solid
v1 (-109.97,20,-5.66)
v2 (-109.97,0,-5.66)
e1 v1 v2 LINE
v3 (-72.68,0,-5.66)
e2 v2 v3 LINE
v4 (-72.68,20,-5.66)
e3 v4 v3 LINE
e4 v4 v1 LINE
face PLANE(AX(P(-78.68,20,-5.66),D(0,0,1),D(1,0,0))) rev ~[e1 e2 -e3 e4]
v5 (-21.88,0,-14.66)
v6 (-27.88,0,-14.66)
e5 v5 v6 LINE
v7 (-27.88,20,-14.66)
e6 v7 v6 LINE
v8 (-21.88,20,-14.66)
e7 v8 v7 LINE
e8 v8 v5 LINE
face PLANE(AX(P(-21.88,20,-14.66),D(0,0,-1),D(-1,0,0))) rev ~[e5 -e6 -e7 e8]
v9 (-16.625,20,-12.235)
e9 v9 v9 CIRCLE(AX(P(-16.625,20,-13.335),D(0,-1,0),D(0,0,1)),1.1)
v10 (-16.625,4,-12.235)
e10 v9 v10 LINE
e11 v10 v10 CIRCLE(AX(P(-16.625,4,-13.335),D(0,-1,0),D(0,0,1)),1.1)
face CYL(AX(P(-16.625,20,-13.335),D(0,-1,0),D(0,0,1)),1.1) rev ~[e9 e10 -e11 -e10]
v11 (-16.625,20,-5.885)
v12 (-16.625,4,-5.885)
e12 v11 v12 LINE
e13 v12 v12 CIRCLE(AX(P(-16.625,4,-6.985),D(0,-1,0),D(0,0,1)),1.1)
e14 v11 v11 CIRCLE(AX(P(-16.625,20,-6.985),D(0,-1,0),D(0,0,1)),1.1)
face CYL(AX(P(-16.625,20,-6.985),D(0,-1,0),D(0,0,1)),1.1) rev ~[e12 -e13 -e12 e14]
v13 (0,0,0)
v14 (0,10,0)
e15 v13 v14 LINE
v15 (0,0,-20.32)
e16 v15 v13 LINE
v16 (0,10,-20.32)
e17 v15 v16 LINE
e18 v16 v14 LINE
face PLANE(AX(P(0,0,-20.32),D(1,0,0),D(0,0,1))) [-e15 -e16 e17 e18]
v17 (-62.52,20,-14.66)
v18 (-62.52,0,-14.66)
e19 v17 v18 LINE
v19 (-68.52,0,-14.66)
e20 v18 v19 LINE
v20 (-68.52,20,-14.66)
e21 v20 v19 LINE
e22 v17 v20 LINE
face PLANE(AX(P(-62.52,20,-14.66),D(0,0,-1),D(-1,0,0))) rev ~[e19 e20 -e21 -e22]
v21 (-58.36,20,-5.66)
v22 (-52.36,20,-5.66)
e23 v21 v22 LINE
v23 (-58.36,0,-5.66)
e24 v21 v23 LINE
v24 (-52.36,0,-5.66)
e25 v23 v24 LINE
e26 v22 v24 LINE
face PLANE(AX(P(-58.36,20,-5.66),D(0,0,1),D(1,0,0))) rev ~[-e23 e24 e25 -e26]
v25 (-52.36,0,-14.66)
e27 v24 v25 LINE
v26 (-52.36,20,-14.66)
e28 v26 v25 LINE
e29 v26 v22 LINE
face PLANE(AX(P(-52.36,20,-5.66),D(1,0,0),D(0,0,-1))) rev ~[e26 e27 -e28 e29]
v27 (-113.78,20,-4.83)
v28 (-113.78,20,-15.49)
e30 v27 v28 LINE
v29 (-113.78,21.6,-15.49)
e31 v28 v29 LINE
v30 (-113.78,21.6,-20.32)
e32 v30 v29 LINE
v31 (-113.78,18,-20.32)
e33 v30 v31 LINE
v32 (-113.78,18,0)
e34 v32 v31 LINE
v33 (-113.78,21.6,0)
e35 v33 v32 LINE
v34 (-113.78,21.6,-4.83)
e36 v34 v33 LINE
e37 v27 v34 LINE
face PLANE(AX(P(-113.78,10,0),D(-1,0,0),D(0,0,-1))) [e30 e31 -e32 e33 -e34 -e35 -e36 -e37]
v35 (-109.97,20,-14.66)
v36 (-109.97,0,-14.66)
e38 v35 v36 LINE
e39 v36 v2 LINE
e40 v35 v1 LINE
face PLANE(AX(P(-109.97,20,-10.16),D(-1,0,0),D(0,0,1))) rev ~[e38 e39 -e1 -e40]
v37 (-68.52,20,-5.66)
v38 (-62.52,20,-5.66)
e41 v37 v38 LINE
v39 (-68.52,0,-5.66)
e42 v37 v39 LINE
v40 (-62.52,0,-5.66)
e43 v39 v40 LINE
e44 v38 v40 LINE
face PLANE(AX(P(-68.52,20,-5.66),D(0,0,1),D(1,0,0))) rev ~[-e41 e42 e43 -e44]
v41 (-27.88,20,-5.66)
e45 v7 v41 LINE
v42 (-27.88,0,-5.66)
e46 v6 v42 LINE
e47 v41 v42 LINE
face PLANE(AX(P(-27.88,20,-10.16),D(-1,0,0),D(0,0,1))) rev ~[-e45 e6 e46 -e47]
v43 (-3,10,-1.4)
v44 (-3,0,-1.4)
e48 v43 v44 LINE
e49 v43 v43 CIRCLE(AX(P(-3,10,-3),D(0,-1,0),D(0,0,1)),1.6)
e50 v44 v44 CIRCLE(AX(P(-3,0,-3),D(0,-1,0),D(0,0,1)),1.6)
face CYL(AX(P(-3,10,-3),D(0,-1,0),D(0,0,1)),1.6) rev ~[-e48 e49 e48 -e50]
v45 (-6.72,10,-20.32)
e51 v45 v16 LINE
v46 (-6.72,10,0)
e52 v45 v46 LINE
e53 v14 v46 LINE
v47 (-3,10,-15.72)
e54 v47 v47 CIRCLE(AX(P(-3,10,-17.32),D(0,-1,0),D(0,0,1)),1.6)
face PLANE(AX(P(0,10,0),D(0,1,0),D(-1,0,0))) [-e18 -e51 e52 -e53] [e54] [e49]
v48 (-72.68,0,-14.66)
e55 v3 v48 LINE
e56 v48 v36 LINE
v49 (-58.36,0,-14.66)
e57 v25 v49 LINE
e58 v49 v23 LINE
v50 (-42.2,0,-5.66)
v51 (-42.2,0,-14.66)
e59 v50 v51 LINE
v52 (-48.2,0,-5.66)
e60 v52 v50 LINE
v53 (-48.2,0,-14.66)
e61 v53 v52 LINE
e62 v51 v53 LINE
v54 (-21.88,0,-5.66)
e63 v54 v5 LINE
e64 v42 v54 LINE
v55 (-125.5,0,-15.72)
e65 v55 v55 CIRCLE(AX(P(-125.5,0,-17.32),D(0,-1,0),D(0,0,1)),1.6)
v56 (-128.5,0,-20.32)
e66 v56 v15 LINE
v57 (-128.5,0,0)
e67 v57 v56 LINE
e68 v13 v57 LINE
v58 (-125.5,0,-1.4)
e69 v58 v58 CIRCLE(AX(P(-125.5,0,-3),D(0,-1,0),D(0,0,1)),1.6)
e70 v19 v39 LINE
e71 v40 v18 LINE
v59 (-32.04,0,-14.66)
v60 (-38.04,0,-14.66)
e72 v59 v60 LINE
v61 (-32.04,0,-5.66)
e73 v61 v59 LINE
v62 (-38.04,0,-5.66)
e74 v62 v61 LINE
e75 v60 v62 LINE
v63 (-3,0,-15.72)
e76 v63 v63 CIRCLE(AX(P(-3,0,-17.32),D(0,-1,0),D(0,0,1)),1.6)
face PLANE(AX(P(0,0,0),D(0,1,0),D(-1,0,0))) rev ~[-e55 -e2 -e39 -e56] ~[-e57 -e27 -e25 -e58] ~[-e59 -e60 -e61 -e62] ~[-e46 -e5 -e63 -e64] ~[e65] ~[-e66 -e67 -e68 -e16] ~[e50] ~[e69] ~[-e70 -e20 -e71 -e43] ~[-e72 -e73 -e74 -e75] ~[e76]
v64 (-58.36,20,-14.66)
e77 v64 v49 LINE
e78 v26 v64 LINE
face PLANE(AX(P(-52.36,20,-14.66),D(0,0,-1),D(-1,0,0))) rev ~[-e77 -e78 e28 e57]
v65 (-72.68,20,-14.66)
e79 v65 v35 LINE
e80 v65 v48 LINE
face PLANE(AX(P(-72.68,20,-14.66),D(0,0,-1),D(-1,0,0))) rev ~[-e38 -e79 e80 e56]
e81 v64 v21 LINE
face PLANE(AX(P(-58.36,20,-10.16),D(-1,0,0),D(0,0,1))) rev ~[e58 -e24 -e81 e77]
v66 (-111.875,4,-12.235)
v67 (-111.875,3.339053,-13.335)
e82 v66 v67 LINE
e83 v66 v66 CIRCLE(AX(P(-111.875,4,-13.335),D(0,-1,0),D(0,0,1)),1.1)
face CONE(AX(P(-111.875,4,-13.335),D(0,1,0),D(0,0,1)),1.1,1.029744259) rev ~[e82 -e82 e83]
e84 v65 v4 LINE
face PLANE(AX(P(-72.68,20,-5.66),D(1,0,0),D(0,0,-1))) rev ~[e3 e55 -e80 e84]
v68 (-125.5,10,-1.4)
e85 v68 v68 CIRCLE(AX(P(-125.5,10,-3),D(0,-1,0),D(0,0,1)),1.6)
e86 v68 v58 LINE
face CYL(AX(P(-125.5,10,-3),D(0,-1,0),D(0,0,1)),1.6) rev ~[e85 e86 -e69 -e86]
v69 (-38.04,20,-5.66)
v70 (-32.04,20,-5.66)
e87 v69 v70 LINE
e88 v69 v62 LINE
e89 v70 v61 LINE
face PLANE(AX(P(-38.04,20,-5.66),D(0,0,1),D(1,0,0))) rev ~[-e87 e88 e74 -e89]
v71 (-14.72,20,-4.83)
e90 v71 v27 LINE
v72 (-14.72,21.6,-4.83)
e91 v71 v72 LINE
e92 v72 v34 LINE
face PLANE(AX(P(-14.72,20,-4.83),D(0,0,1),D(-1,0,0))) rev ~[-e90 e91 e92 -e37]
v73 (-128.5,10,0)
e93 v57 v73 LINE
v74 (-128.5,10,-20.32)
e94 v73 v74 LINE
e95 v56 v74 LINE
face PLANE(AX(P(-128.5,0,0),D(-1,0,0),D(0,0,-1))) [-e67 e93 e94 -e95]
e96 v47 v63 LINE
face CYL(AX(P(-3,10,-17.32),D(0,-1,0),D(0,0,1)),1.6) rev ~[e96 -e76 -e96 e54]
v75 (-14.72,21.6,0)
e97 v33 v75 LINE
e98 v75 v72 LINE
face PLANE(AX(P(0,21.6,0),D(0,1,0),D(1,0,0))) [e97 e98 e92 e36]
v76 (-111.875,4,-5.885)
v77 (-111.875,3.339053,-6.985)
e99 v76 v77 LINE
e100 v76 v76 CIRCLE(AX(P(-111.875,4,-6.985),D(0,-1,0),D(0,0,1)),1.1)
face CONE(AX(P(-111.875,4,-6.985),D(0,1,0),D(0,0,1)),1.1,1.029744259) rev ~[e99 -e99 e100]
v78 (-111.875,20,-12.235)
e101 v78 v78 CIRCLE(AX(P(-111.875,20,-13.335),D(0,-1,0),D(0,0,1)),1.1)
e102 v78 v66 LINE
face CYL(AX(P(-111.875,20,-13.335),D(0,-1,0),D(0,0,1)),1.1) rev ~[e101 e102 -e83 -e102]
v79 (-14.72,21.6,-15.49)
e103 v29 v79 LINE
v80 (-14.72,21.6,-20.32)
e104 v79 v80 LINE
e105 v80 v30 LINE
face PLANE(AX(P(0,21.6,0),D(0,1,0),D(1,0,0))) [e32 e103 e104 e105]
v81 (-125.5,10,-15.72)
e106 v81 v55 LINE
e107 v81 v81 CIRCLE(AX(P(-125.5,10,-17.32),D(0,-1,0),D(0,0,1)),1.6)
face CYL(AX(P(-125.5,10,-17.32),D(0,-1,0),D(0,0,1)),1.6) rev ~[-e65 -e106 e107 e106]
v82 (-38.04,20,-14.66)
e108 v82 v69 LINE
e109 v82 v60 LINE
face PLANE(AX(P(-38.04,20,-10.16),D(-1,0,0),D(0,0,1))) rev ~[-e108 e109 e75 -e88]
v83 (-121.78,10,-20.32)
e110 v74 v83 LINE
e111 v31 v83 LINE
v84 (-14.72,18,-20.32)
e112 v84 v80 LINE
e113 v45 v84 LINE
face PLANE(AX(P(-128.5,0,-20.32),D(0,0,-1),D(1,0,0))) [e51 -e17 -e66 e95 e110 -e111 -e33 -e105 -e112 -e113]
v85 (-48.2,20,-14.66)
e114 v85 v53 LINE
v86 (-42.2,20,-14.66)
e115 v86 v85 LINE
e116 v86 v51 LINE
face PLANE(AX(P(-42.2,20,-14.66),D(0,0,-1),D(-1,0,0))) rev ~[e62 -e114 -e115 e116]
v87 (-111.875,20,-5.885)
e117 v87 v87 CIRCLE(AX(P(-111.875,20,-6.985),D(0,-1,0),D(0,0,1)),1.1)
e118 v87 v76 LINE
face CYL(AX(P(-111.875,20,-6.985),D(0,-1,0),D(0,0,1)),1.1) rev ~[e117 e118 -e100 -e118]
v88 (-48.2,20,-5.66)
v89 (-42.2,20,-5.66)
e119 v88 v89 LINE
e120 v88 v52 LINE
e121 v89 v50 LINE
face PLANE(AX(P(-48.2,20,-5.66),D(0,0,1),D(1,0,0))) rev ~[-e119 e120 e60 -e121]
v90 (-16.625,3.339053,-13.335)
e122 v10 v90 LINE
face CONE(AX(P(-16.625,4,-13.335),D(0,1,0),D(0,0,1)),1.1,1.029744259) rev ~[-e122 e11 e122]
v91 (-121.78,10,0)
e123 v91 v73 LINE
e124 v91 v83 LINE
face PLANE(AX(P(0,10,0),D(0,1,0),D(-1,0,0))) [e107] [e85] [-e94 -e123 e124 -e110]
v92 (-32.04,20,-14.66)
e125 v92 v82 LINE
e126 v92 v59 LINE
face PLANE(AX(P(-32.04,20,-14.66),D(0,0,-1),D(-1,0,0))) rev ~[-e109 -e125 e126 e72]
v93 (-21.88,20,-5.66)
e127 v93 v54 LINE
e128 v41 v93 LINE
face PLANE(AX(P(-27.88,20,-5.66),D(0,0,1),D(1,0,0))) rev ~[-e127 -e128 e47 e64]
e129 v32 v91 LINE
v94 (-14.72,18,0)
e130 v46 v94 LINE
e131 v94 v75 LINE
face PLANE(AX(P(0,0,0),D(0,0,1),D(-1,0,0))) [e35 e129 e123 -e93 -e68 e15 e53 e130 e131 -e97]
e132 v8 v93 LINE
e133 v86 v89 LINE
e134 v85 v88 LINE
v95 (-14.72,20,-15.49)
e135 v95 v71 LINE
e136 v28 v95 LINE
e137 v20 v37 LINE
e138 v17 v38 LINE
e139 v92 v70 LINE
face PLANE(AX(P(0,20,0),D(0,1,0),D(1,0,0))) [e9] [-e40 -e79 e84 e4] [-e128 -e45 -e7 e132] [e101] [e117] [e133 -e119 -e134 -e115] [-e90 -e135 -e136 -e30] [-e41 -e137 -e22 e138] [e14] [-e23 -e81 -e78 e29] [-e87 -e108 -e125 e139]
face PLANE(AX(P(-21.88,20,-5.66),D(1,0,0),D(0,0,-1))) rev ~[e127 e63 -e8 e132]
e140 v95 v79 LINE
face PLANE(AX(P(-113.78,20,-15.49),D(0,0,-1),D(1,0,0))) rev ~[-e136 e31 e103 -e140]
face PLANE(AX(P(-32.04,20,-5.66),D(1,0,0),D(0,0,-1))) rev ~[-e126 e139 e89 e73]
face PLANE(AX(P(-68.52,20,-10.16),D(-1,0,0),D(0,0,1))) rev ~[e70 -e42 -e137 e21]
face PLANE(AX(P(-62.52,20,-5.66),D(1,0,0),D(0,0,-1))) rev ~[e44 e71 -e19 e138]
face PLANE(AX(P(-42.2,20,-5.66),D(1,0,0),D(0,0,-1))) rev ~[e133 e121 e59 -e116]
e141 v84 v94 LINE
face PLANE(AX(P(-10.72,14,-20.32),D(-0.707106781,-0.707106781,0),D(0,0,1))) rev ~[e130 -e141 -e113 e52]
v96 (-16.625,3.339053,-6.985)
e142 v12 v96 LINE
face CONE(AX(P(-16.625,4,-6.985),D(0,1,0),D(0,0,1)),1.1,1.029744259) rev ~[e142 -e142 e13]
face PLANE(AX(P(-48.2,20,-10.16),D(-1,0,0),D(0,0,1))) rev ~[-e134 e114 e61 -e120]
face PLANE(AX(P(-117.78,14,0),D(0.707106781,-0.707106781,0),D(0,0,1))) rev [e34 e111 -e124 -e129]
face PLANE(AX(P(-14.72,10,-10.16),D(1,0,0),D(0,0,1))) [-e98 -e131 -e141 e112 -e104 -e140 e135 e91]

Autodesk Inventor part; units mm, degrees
ref_plane "YZ Plane" through (0, 0, 0) normal (1, 0, 0) x (0, 1, 0)
ref_plane "XZ Plane" through (0, 0, 0) normal (0, 1, 0) x (-1, 0, 0)
ref_plane "XY Plane" through (0, 0, 0) normal (0, 0, 1) x (1, 0, 0)
sketch "Sketch1" plane through (0, 0, 0) normal (0, 1, 0) x (-1, 0, 0)
  line L0 (0, 0) -> (128.5, 0)
  line L1 (128.5, 0) -> (128.5, -20.32)
  line L2 (128.5, -20.32) -> (0, -20.32)
  line L3 (0, -20.32) -> (0, 0)
  dimension "d0" = 20.32
  dimension "d1" = 128.5
extrude "Extrusion1" add sketch "Sketch1" along normal blind 10
sketch "Sketch2" plane through (0, 10, 0) normal (0, 1, 0) x (1, 0, 0)
  line L0 (-128.5, 0) -> (0, 0) projected
  line L1 (0, 0) -> (0, 20.32) projected
  line L2 (0, 20.32) -> (-128.5, 20.32) projected
  line L3 (-128.5, 20.32) -> (-128.5, 0) projected
  line L4 (-128.5, 0) -> (0, 0) projected
  line L5 (0, 20.32) -> (-128.5, 20.32) projected
  line L6 (-14.72, 0) -> (-113.78, 0)
  line L7 (-113.78, 0) -> (-113.78, 20.32)
  line L8 (-113.78, 20.32) -> (-14.72, 20.32)
  line L9 (-14.72, 20.32) -> (-14.72, 0)
  line L10 (-128.5, 20.32) -> (-113.78, 20.32)
  line L11 (-128.5, 20.32) -> (0, 20.32) projected
  line L12 (-14.72, 20.32) -> (0, 20.32)
  line L13 (-128.5, 10.16) -> (-113.78, 10.16)
  line L14 (-14.72, 10.16) -> (0, 10.16)
  dimension "d19" = 99.06
extrude "Extrusion2" add sketch "Sketch2" along normal blind 10 contours L7 L2 L9 L0
sketch "Sketch3" plane through (0, 10, 0) normal (0, 1, 0) x (1, 0, 0)
  line L0 (-113.78, 0) -> (-113.78, 20.32) projected
  line L1 (-113.78, 20.32) -> (-128.5, 20.32) projected
  line L2 (-128.5, 20.32) -> (-128.5, 0) projected
  line L3 (-128.5, 0) -> (-113.78, 0) projected
  line L4 (-14.72, 20.32) -> (-14.72, 0) projected
  line L5 (-14.72, 0) -> (0, 0) projected
  line L6 (0, 0) -> (0, 20.32) projected
  line L7 (0, 20.32) -> (-14.72, 20.32) projected
  line L8 (-113.78, 20.32) -> (-128.5, 20.32) projected
  line L9 (-128.5, 0) -> (-125.5, 0)
  line L10 (-125.5, 0) -> (-125.5, 20.32)
  line L11 (-125.5, 20.32) -> (-128.5, 20.32)
  line L12 (-128.5, 20.32) -> (-128.5, 0)
  line L13 (-128.5, 20.32) -> (0, 20.32) projected
  line L14 (0, 0) -> (-3, 0)
  line L15 (-3, 0) -> (-3, 20.32)
  line L16 (-3, 20.32) -> (0, 20.32)
  line L17 (0, 20.32) -> (0, 0)
  line L18 (-125.5, 0) -> (-3, 0)
  line L19 (-3, 0) -> (-3, 3)
  line L20 (-3, 3) -> (-125.5, 3)
  line L21 (-125.5, 3) -> (-125.5, 0)
  line L22 (-125.5, 20.32) -> (-3, 20.32)
  line L23 (-3, 20.32) -> (-3, 17.32)
  line L24 (-3, 17.32) -> (-125.5, 17.32)
  line L25 (-125.5, 17.32) -> (-125.5, 20.32)
  dimension "d8" = 3
  dimension "d9" = 3
  dimension "d10" = 3
  dimension "d11" = 3
hole "Hole1" at (-125.5, 10, -3) at (-125.5, 10, -17.32) at (-3, 10, -17.32) at (-3, 10, -3) direction (0, -1, 0) diameter 3.2 end through all
sketch "Sketch4" plane through (0, 20, 0) normal (0, 1, 0) x (1, 0, 0)
  line L0 (-14.72, 20.32) -> (-14.72, 0) projected
  line L1 (-14.72, 10.16) -> (-113.78, 10.16)
  line L2 (-113.78, 20.32) -> (-113.78, 0) projected
  line L3 (-27.88, 5.66) -> (-21.88, 5.66)
  line L4 (-21.88, 5.66) -> (-21.88, 14.66)
  line L5 (-21.88, 14.66) -> (-27.88, 14.66)
  line L6 (-27.88, 14.66) -> (-27.88, 5.66)
  line L7 (-27.88, 5.66) -> (-21.88, 14.66) construction
  line L8 (-21.88, 5.66) -> (-27.88, 14.66) construction
  line L9 (-38.04, 5.66) -> (-32.04, 5.66)
  line L10 (-32.04, 5.66) -> (-32.04, 14.66)
  line L11 (-32.04, 14.66) -> (-38.04, 14.66)
  line L12 (-38.04, 14.66) -> (-38.04, 5.66)
  line L13 (-38.04, 5.66) -> (-32.04, 14.66) construction
  line L14 (-32.04, 5.66) -> (-38.04, 14.66) construction
  line L15 (-48.2, 5.66) -> (-42.2, 5.66)
  line L16 (-42.2, 5.66) -> (-42.2, 14.66)
  line L17 (-42.2, 14.66) -> (-48.2, 14.66)
  line L18 (-48.2, 14.66) -> (-48.2, 5.66)
  line L19 (-48.2, 5.66) -> (-42.2, 14.66) construction
  line L20 (-42.2, 5.66) -> (-48.2, 14.66) construction
  line L21 (-58.36, 5.66) -> (-52.36, 5.66)
  line L22 (-52.36, 5.66) -> (-52.36, 14.66)
  line L23 (-52.36, 14.66) -> (-58.36, 14.66)
  line L24 (-58.36, 14.66) -> (-58.36, 5.66)
  line L25 (-58.36, 5.66) -> (-52.36, 14.66) construction
  line L26 (-52.36, 5.66) -> (-58.36, 14.66) construction
  line L27 (-68.52, 5.66) -> (-62.52, 5.66)
  line L28 (-62.52, 5.66) -> (-62.52, 14.66)
  line L29 (-62.52, 14.66) -> (-68.52, 14.66)
  line L30 (-68.52, 14.66) -> (-68.52, 5.66)
  line L31 (-68.52, 5.66) -> (-62.52, 14.66) construction
  line L32 (-62.52, 5.66) -> (-68.52, 14.66) construction
  line L33 (-78.68, 5.66) -> (-72.68, 5.66)
  line L34 (-72.68, 5.66) -> (-72.68, 14.66)
  line L35 (-72.68, 14.66) -> (-78.68, 14.66)
  line L36 (-78.68, 14.66) -> (-78.68, 5.66)
  line L37 (-78.68, 5.66) -> (-72.68, 14.66) construction
  line L38 (-72.68, 5.66) -> (-78.68, 14.66) construction
  line L39 (-72.68, 14.66) -> (-109.97, 14.66)
  line L40 (-109.97, 14.66) -> (-109.97, 5.66)
  line L41 (-109.97, 5.66) -> (-72.68, 5.66)
  line L42 (-72.68, 5.66) -> (-72.68, 14.66)
  point P0 (-24.88, 10.16)
  point P1 (-35.04, 10.16)
  point P2 (-45.2, 10.16)
  point P3 (-55.36, 10.16)
  point P4 (-65.52, 10.16)
  point P5 (-75.68, 10.16)
  dimension "d22" = 6
  dimension "d23" = 9
  dimension "d24" = 10.16
  dimension "d25" = 6
  dimension "d26" = 9
  dimension "d27" = 10.16
  dimension "d28" = 6
  dimension "d29" = 9
  dimension "d30" = 6
  dimension "d31" = 9
  dimension "d32" = 6
  dimension "d33" = 9
  dimension "d34" = 6
  dimension "d35" = 9
  dimension "d36" = 10.16
  dimension "d37" = 10.16
  dimension "d38" = 10.16
  dimension "d39" = 10.16
  dimension "d41" = 3.81
extrude "Extrusion3" cut sketch "Sketch4" against normal through all
sketch "Sketch5" plane through (0, 20, 0) normal (0, 1, 0) x (1, 0, 0)
  line L0 (-14.72, 0) -> (-14.72, 20.32) projected
  line L1 (-113.78, 20.32) -> (-113.78, 0) projected
  line L2 (-14.72, 0) -> (-113.78, 20.32)
  line L3 (-113.78, 0) -> (-14.72, 20.32)
  line L4 (-111.875, 13.335) -> (-111.875, 6.985)
  line L5 (-111.875, 6.985) -> (-16.625, 6.985)
  line L6 (-16.625, 6.985) -> (-16.625, 13.335)
  line L7 (-16.625, 13.335) -> (-111.875, 13.335)
  line L8 (-111.875, 13.335) -> (-16.625, 6.985) construction
  line L9 (-111.875, 6.985) -> (-16.625, 13.335) construction
  point P0 (0, 0)
  point P1 (-64.25, 10.16)
  dimension "d44" = 95.25
  dimension "d45" = 6.35
hole "Hole2" at (-16.625, 20, -13.335) at (-16.625, 20, -6.985) at (-111.875, 20, -13.335) at (-111.875, 20, -6.985) direction (0, -1, 0) diameter 2.2 depth 16 tip angle 118
chamfer "Chamfer1" distance 8 angle 45 2 edges at (-14.72, 10, -10.16) (-113.78, 10, -10.16)
sketch "Sketch6" plane through (0, 20, 0) normal (0, 1, 0) x (1, 0, 0)
  line L0 (-14.72, 0) -> (-14.72, 20.32) projected
  line L1 (-113.78, 20.32) -> (-121.78, 20.32) projected
  line L2 (-14.72, 20.32) -> (-113.78, 20.32)
  line L3 (-113.78, 20.32) -> (-113.78, 15.49)
  line L4 (-113.78, 15.49) -> (-14.72, 15.49)
  line L5 (-14.72, 15.49) -> (-14.72, 20.32)
  line L6 (-113.78, 0) -> (-14.72, 0)
  line L7 (-14.72, 0) -> (-14.72, 4.83)
  line L8 (-14.72, 4.83) -> (-113.78, 4.83)
  line L9 (-113.78, 4.83) -> (-113.78, 0)
  point P0 (0, 0)
  dimension "d56" = 10.66
extrude "Extrusion4" add sketch "Sketch6" along normal blind 1.6
properties part number "OttosDIY_Testing"
